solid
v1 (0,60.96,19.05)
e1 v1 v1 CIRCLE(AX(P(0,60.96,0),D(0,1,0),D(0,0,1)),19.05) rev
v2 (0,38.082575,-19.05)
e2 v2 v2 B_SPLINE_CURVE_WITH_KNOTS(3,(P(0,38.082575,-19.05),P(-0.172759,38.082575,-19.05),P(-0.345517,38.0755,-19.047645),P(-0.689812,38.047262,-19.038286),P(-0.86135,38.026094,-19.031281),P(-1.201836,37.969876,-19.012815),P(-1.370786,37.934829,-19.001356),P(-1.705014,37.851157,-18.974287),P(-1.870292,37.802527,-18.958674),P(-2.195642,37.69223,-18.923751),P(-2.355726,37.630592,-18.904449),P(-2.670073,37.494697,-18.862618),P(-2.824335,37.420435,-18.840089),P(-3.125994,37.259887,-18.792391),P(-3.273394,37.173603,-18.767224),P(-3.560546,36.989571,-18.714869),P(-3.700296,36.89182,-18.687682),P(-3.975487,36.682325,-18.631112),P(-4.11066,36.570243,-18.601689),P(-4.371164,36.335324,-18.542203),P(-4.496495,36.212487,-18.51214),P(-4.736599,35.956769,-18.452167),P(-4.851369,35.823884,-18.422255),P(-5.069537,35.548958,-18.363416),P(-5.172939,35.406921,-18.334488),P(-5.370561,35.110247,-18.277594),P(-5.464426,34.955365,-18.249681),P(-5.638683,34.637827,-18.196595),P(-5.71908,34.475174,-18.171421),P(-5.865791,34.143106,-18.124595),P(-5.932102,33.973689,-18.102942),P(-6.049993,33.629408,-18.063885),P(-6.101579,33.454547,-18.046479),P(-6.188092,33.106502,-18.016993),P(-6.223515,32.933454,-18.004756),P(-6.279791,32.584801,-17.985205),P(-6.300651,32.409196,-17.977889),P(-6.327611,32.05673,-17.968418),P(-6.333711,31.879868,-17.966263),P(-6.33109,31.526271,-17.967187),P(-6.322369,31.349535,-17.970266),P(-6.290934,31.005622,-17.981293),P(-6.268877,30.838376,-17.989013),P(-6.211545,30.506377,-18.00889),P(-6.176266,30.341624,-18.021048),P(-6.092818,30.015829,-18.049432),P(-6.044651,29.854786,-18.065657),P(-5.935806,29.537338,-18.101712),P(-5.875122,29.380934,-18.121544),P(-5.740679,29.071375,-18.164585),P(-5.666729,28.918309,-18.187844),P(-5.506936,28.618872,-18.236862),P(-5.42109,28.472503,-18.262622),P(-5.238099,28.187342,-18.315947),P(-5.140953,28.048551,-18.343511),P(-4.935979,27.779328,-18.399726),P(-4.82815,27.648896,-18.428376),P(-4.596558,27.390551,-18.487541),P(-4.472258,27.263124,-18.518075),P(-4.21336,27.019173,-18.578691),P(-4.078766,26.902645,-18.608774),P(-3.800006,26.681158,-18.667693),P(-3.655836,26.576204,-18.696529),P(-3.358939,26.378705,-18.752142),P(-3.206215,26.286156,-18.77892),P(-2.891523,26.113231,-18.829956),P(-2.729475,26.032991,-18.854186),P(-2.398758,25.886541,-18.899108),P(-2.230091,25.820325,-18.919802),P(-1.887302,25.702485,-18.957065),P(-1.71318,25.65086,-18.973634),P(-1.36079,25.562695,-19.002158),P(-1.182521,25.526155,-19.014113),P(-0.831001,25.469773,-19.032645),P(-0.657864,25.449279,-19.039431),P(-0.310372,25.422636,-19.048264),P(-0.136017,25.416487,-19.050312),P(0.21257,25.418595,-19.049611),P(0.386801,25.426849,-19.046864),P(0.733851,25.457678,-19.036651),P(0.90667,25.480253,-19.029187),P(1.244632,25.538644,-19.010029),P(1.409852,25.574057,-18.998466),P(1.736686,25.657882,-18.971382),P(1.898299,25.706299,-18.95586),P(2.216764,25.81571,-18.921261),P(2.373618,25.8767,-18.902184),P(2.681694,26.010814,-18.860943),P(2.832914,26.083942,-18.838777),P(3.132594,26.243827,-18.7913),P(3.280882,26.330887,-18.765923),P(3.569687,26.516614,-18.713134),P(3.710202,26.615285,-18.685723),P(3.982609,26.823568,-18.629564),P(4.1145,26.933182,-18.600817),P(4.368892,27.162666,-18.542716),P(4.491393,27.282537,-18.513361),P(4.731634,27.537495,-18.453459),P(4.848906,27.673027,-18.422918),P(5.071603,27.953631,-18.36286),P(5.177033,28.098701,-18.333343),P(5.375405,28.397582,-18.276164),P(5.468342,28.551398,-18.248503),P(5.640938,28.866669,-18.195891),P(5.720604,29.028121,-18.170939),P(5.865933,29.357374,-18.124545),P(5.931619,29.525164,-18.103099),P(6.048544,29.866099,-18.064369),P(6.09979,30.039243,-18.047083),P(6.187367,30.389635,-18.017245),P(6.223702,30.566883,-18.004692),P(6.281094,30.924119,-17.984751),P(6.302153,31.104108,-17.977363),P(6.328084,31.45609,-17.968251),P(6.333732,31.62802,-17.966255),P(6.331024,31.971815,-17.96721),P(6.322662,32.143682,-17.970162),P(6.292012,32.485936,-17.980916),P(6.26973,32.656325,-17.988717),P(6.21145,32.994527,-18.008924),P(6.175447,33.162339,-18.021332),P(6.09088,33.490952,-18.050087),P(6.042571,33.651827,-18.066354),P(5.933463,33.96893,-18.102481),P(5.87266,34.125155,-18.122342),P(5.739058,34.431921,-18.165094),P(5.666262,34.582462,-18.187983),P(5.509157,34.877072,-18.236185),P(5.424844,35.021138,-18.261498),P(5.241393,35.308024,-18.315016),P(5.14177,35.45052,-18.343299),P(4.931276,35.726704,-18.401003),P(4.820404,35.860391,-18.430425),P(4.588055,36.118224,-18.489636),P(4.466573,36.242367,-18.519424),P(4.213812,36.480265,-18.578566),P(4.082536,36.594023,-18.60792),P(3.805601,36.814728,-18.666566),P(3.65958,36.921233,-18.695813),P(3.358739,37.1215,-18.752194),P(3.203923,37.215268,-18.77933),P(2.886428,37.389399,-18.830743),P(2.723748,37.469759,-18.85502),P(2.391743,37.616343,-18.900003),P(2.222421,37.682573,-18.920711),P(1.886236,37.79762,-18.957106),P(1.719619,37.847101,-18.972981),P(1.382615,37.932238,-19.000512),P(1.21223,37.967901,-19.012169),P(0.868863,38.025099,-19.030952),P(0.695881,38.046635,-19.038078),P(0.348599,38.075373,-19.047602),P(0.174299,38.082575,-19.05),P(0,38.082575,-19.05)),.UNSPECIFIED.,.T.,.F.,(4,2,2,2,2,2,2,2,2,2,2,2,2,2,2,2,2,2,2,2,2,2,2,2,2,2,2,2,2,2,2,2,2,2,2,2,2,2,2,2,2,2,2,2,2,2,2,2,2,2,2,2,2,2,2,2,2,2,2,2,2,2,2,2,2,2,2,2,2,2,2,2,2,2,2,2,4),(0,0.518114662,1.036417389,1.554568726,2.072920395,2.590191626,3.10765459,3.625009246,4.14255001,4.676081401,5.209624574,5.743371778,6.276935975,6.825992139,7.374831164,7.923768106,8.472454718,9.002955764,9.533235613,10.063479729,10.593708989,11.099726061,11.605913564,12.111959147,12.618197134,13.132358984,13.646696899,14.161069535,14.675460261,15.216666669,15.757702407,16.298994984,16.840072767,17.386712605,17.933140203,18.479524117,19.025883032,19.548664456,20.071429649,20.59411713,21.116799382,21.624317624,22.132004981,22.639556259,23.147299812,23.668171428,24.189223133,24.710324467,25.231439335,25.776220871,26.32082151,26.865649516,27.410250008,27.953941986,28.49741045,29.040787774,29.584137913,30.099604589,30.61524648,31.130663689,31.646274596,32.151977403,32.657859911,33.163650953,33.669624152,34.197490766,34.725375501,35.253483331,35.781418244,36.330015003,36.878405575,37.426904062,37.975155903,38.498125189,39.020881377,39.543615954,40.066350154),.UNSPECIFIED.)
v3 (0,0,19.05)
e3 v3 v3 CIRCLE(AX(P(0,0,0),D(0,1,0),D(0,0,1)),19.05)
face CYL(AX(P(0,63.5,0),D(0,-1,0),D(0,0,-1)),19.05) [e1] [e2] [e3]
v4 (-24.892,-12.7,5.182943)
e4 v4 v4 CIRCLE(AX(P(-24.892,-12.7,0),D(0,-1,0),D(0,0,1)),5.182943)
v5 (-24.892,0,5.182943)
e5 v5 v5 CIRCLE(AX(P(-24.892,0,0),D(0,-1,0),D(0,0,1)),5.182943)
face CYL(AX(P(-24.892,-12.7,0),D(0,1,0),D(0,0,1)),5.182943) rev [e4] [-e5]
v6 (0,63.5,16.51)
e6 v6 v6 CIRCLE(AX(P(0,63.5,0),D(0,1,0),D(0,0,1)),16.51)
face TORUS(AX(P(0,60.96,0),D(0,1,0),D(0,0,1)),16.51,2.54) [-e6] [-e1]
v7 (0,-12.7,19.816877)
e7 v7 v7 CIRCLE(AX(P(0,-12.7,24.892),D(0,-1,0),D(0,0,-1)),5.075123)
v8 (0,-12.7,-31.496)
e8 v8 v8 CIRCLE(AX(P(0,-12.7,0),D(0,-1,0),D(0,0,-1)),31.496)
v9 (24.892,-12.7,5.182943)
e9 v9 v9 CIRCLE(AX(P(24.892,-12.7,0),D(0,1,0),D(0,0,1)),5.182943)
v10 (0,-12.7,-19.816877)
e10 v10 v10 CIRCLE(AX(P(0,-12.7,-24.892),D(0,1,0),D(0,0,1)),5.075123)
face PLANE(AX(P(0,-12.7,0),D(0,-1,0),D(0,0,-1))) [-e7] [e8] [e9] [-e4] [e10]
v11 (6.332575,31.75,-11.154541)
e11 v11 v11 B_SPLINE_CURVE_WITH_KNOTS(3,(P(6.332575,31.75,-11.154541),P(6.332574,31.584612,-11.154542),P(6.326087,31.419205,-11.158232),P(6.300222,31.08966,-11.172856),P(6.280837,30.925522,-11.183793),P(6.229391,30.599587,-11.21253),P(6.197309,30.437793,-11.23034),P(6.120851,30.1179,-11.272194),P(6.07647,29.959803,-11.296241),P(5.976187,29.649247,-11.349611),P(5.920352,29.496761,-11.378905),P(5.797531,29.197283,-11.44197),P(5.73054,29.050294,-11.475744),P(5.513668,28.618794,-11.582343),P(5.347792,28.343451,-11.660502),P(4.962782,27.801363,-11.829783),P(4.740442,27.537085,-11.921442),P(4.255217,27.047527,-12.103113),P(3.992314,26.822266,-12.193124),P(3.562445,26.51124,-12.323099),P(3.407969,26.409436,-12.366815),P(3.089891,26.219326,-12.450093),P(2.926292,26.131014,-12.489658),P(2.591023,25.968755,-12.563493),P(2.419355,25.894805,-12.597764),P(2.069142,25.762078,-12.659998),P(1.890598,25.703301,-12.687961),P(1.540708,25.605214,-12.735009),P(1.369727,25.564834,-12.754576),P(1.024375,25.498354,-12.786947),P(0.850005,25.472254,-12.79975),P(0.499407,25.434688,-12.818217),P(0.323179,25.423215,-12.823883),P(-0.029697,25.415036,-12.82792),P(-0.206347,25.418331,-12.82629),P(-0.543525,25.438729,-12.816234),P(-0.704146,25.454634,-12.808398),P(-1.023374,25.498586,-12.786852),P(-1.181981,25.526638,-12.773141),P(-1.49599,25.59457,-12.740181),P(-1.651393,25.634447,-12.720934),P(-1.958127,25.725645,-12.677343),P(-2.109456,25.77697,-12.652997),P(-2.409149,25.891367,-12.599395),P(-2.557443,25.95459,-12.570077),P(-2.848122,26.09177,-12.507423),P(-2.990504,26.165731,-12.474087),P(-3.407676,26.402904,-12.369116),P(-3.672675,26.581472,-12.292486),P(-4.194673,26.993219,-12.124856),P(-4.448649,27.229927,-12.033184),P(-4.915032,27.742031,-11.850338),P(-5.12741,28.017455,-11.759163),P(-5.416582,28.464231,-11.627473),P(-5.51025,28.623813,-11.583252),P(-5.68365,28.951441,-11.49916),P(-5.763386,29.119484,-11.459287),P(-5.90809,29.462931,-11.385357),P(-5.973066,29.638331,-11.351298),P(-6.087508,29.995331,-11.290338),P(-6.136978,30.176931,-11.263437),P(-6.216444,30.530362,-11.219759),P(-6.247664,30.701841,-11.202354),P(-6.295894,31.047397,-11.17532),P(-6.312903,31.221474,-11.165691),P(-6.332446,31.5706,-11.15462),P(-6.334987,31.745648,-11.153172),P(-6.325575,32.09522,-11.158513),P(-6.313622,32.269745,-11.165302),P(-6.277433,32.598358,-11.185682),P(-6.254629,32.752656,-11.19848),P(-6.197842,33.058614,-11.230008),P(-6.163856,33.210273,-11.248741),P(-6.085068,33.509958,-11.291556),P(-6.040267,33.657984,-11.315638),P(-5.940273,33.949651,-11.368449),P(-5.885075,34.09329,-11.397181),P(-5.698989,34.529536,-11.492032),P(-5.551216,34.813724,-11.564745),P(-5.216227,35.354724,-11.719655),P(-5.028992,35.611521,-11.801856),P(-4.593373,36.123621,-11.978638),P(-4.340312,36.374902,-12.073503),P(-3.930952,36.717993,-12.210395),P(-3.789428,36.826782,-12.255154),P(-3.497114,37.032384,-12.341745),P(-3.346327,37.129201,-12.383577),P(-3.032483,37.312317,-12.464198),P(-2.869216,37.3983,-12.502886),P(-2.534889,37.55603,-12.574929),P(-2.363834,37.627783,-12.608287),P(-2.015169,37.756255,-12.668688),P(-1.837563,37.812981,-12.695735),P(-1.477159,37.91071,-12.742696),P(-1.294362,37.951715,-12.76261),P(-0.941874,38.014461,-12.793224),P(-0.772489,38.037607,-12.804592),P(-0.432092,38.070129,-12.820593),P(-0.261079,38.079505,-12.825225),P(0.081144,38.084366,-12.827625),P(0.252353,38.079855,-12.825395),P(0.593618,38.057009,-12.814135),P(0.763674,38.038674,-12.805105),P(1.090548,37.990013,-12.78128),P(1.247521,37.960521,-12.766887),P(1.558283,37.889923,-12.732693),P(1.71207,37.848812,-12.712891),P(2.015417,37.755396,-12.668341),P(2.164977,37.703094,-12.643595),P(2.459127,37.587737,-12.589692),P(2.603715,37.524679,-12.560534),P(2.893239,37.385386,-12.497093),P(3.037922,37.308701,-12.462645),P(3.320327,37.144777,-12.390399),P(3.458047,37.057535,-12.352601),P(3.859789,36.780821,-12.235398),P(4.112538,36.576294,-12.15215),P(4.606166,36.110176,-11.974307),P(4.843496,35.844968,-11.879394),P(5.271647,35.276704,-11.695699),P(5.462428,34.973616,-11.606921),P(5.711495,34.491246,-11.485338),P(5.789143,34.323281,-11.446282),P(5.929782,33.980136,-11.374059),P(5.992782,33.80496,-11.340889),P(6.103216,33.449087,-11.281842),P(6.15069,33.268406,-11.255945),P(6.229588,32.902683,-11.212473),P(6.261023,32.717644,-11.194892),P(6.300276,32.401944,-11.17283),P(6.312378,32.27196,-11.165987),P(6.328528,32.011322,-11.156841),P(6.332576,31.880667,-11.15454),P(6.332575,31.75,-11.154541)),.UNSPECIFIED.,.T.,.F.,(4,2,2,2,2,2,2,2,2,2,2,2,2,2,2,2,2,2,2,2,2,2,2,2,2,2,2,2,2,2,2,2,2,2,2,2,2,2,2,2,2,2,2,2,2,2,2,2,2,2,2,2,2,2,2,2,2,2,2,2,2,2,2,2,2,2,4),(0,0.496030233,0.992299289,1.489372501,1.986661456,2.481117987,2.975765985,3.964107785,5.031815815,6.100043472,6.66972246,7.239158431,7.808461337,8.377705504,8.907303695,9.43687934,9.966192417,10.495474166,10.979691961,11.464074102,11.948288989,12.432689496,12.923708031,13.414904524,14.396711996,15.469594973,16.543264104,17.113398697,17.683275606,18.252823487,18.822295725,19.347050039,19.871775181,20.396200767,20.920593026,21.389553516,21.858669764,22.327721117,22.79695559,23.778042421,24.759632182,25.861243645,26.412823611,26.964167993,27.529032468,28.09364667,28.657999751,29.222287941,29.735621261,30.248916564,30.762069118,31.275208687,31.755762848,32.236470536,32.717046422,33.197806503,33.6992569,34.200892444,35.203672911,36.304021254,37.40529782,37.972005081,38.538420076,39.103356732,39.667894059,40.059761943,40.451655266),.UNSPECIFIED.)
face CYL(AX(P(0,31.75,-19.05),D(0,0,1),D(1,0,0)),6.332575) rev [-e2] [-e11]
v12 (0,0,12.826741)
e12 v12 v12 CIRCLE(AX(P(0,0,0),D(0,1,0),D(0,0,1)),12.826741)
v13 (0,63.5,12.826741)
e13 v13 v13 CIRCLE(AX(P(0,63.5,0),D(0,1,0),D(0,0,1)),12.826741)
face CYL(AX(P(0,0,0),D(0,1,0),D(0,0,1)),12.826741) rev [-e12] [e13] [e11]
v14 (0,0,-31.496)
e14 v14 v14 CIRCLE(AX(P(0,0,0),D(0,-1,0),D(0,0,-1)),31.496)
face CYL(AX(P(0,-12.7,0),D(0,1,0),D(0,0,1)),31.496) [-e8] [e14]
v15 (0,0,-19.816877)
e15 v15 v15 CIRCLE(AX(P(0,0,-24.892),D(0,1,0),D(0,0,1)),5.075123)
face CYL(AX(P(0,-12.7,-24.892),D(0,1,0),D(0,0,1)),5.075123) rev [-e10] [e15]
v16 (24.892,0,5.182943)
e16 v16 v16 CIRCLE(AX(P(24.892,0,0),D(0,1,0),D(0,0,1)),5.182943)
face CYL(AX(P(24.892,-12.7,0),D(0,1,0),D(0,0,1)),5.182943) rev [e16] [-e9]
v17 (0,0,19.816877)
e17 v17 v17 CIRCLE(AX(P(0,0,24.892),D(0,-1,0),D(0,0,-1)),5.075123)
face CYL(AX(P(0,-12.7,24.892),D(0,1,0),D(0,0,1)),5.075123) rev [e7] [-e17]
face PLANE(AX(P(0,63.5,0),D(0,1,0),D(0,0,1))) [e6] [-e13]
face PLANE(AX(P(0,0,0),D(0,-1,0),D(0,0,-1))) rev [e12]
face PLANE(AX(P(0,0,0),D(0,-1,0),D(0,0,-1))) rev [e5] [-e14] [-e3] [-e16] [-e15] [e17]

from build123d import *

# Parameters (mm, degrees)
SKETCH1_R                                  = 19.05
BOSS_EXTRUDE1_DEPTH                        = 63.5
SKETCH2_R                                  = 12.826740919
CUT_EXTRUDE1_DEPTH                         = 69.978656119
SKETCH3_R                                  = 6.33257482
CUT_EXTRUDE2_DEPTH                         = 69.978656119
FILLET1_R                                  = 2.54
SKETCH4_R                                  = 31.496
BOSS_EXTRUDE3_DEPTH                        = 12.7
SKETCH5_R                                  = 5.075123318
CUT_EXTRUDE3_DEPTH                         = 78.564463801
MIRROR1_AT_THE_SECOND_PLANE_COPY_1_SKETC_R = 5.075123318
MIRROR1_AT_THE_SECOND_PLANE_COPY_1_DEPTH   = 78.564463801
SKETCH6_R                                  = 5.182943359
CUT_EXTRUDE4_DEPTH                         = 78.564463801
MIRROR2_AT_THE_SECOND_PLANE_COPY_1_SKETC_R = 5.182943359
MIRROR2_AT_THE_SECOND_PLANE_COPY_1_DEPTH   = 78.564463801


with BuildPart() as part:
    # Sketch1 → Boss-Extrude1 (new body)
    with BuildSketch(Plane(origin=(0, 0, 0), x_dir=(1, 0, 0), z_dir=(0, 1, 0))):
        with Locations(Location((0, 0, 0), (0, 0, 270))):
            Circle(SKETCH1_R)
    extrude(amount=BOSS_EXTRUDE1_DEPTH)

    # Sketch2 → Cut-Extrude1 (cut, through all)
    with BuildSketch(Plane(origin=(0, 63.5, 0), x_dir=(1, 0, 0), z_dir=(0, 1, 0))):
        with Locations(Location((0, 0, 0), (0, 0, 270))):
            Circle(SKETCH2_R)
    extrude(amount=-CUT_EXTRUDE1_DEPTH, mode=Mode.SUBTRACT)

    # Sketch3 → Cut-Extrude2 (cut, through all)
    with BuildSketch(Plane.XY):
        with Locations((0, 31.75)):
            Circle(SKETCH3_R)
    extrude(amount=-CUT_EXTRUDE2_DEPTH, mode=Mode.SUBTRACT)

    # Fillet1
    fillet1_edges = [part.edges().sort_by_distance(p)[0] for p in [
        (0, 63.5, -19.05),
    ]]
    fillet(fillet1_edges, radius=FILLET1_R)

    # Sketch4 → Boss-Extrude3 (add)
    with BuildSketch(Plane.XZ):
        with Locations(Location((0, 0, 0), (0, 0, 270))):
            Circle(SKETCH4_R)
    extrude(amount=BOSS_EXTRUDE3_DEPTH)

    # Sketch5 → Cut-Extrude3 (cut, through all)
    with BuildSketch(Plane(origin=(0, 0, 0), x_dir=(1, 0, 0), z_dir=(0, 1, 0))):
        with Locations(Location((0, 24.892, 0), (0, 0, 270))):
            Circle(SKETCH5_R)
    cut_extrude3 = extrude(amount=-CUT_EXTRUDE3_DEPTH, mode=Mode.SUBTRACT)

    # Mirror1: Cut-Extrude3 across plane
    add(cut_extrude3.mirror(Plane(origin=(0, 0, 0), x_dir=(0, 0, 1), z_dir=(1, 0, 0))), mode=Mode.SUBTRACT)

    # Mirror1 at the second plane: Cut-Extrude3 across plane
    add(cut_extrude3.mirror(Plane.XY), mode=Mode.SUBTRACT)

    # Mirror1 at the second plane copy 1 sketc → Mirror1 at the second plane copy 1 (cut, through all)
    with BuildSketch(Plane(origin=(0, 0, 0), x_dir=(-1, 0, 0), z_dir=(0, 1, 0))):
        with Locations(Location((0, 24.892, 0), (0, 0, 270))):
            Circle(MIRROR1_AT_THE_SECOND_PLANE_COPY_1_SKETC_R)
    extrude(amount=-MIRROR1_AT_THE_SECOND_PLANE_COPY_1_DEPTH, mode=Mode.SUBTRACT)

    # Sketch6 → Cut-Extrude4 (cut, through all)
    with BuildSketch(Plane(origin=(0, 0, 0), x_dir=(1, 0, 0), z_dir=(0, 1, 0))):
        with Locations(Location((24.892, 0, 0), (0, 0, 270))):
            Circle(SKETCH6_R)
    cut_extrude4 = extrude(amount=-CUT_EXTRUDE4_DEPTH, mode=Mode.SUBTRACT)

    # Mirror2: Cut-Extrude4 across plane
    add(cut_extrude4.mirror(Plane.XY), mode=Mode.SUBTRACT)

    # Mirror2 at the second plane: Cut-Extrude4 across plane
    add(cut_extrude4.mirror(Plane(origin=(0, 0, 0), x_dir=(0, 0, 1), z_dir=(1, 0, 0))), mode=Mode.SUBTRACT)

    # Mirror2 at the second plane copy 1 sketc → Mirror2 at the second plane copy 1 (cut, through all)
    with BuildSketch(Plane(origin=(0, 0, 0), x_dir=(-1, 0, 0), z_dir=(0, 1, 0))):
        with Locations(Location((24.892, 0, 0), (0, 0, 270))):
            Circle(MIRROR2_AT_THE_SECOND_PLANE_COPY_1_SKETC_R)
    extrude(amount=-MIRROR2_AT_THE_SECOND_PLANE_COPY_1_DEPTH, mode=Mode.SUBTRACT)


solid = part.part
